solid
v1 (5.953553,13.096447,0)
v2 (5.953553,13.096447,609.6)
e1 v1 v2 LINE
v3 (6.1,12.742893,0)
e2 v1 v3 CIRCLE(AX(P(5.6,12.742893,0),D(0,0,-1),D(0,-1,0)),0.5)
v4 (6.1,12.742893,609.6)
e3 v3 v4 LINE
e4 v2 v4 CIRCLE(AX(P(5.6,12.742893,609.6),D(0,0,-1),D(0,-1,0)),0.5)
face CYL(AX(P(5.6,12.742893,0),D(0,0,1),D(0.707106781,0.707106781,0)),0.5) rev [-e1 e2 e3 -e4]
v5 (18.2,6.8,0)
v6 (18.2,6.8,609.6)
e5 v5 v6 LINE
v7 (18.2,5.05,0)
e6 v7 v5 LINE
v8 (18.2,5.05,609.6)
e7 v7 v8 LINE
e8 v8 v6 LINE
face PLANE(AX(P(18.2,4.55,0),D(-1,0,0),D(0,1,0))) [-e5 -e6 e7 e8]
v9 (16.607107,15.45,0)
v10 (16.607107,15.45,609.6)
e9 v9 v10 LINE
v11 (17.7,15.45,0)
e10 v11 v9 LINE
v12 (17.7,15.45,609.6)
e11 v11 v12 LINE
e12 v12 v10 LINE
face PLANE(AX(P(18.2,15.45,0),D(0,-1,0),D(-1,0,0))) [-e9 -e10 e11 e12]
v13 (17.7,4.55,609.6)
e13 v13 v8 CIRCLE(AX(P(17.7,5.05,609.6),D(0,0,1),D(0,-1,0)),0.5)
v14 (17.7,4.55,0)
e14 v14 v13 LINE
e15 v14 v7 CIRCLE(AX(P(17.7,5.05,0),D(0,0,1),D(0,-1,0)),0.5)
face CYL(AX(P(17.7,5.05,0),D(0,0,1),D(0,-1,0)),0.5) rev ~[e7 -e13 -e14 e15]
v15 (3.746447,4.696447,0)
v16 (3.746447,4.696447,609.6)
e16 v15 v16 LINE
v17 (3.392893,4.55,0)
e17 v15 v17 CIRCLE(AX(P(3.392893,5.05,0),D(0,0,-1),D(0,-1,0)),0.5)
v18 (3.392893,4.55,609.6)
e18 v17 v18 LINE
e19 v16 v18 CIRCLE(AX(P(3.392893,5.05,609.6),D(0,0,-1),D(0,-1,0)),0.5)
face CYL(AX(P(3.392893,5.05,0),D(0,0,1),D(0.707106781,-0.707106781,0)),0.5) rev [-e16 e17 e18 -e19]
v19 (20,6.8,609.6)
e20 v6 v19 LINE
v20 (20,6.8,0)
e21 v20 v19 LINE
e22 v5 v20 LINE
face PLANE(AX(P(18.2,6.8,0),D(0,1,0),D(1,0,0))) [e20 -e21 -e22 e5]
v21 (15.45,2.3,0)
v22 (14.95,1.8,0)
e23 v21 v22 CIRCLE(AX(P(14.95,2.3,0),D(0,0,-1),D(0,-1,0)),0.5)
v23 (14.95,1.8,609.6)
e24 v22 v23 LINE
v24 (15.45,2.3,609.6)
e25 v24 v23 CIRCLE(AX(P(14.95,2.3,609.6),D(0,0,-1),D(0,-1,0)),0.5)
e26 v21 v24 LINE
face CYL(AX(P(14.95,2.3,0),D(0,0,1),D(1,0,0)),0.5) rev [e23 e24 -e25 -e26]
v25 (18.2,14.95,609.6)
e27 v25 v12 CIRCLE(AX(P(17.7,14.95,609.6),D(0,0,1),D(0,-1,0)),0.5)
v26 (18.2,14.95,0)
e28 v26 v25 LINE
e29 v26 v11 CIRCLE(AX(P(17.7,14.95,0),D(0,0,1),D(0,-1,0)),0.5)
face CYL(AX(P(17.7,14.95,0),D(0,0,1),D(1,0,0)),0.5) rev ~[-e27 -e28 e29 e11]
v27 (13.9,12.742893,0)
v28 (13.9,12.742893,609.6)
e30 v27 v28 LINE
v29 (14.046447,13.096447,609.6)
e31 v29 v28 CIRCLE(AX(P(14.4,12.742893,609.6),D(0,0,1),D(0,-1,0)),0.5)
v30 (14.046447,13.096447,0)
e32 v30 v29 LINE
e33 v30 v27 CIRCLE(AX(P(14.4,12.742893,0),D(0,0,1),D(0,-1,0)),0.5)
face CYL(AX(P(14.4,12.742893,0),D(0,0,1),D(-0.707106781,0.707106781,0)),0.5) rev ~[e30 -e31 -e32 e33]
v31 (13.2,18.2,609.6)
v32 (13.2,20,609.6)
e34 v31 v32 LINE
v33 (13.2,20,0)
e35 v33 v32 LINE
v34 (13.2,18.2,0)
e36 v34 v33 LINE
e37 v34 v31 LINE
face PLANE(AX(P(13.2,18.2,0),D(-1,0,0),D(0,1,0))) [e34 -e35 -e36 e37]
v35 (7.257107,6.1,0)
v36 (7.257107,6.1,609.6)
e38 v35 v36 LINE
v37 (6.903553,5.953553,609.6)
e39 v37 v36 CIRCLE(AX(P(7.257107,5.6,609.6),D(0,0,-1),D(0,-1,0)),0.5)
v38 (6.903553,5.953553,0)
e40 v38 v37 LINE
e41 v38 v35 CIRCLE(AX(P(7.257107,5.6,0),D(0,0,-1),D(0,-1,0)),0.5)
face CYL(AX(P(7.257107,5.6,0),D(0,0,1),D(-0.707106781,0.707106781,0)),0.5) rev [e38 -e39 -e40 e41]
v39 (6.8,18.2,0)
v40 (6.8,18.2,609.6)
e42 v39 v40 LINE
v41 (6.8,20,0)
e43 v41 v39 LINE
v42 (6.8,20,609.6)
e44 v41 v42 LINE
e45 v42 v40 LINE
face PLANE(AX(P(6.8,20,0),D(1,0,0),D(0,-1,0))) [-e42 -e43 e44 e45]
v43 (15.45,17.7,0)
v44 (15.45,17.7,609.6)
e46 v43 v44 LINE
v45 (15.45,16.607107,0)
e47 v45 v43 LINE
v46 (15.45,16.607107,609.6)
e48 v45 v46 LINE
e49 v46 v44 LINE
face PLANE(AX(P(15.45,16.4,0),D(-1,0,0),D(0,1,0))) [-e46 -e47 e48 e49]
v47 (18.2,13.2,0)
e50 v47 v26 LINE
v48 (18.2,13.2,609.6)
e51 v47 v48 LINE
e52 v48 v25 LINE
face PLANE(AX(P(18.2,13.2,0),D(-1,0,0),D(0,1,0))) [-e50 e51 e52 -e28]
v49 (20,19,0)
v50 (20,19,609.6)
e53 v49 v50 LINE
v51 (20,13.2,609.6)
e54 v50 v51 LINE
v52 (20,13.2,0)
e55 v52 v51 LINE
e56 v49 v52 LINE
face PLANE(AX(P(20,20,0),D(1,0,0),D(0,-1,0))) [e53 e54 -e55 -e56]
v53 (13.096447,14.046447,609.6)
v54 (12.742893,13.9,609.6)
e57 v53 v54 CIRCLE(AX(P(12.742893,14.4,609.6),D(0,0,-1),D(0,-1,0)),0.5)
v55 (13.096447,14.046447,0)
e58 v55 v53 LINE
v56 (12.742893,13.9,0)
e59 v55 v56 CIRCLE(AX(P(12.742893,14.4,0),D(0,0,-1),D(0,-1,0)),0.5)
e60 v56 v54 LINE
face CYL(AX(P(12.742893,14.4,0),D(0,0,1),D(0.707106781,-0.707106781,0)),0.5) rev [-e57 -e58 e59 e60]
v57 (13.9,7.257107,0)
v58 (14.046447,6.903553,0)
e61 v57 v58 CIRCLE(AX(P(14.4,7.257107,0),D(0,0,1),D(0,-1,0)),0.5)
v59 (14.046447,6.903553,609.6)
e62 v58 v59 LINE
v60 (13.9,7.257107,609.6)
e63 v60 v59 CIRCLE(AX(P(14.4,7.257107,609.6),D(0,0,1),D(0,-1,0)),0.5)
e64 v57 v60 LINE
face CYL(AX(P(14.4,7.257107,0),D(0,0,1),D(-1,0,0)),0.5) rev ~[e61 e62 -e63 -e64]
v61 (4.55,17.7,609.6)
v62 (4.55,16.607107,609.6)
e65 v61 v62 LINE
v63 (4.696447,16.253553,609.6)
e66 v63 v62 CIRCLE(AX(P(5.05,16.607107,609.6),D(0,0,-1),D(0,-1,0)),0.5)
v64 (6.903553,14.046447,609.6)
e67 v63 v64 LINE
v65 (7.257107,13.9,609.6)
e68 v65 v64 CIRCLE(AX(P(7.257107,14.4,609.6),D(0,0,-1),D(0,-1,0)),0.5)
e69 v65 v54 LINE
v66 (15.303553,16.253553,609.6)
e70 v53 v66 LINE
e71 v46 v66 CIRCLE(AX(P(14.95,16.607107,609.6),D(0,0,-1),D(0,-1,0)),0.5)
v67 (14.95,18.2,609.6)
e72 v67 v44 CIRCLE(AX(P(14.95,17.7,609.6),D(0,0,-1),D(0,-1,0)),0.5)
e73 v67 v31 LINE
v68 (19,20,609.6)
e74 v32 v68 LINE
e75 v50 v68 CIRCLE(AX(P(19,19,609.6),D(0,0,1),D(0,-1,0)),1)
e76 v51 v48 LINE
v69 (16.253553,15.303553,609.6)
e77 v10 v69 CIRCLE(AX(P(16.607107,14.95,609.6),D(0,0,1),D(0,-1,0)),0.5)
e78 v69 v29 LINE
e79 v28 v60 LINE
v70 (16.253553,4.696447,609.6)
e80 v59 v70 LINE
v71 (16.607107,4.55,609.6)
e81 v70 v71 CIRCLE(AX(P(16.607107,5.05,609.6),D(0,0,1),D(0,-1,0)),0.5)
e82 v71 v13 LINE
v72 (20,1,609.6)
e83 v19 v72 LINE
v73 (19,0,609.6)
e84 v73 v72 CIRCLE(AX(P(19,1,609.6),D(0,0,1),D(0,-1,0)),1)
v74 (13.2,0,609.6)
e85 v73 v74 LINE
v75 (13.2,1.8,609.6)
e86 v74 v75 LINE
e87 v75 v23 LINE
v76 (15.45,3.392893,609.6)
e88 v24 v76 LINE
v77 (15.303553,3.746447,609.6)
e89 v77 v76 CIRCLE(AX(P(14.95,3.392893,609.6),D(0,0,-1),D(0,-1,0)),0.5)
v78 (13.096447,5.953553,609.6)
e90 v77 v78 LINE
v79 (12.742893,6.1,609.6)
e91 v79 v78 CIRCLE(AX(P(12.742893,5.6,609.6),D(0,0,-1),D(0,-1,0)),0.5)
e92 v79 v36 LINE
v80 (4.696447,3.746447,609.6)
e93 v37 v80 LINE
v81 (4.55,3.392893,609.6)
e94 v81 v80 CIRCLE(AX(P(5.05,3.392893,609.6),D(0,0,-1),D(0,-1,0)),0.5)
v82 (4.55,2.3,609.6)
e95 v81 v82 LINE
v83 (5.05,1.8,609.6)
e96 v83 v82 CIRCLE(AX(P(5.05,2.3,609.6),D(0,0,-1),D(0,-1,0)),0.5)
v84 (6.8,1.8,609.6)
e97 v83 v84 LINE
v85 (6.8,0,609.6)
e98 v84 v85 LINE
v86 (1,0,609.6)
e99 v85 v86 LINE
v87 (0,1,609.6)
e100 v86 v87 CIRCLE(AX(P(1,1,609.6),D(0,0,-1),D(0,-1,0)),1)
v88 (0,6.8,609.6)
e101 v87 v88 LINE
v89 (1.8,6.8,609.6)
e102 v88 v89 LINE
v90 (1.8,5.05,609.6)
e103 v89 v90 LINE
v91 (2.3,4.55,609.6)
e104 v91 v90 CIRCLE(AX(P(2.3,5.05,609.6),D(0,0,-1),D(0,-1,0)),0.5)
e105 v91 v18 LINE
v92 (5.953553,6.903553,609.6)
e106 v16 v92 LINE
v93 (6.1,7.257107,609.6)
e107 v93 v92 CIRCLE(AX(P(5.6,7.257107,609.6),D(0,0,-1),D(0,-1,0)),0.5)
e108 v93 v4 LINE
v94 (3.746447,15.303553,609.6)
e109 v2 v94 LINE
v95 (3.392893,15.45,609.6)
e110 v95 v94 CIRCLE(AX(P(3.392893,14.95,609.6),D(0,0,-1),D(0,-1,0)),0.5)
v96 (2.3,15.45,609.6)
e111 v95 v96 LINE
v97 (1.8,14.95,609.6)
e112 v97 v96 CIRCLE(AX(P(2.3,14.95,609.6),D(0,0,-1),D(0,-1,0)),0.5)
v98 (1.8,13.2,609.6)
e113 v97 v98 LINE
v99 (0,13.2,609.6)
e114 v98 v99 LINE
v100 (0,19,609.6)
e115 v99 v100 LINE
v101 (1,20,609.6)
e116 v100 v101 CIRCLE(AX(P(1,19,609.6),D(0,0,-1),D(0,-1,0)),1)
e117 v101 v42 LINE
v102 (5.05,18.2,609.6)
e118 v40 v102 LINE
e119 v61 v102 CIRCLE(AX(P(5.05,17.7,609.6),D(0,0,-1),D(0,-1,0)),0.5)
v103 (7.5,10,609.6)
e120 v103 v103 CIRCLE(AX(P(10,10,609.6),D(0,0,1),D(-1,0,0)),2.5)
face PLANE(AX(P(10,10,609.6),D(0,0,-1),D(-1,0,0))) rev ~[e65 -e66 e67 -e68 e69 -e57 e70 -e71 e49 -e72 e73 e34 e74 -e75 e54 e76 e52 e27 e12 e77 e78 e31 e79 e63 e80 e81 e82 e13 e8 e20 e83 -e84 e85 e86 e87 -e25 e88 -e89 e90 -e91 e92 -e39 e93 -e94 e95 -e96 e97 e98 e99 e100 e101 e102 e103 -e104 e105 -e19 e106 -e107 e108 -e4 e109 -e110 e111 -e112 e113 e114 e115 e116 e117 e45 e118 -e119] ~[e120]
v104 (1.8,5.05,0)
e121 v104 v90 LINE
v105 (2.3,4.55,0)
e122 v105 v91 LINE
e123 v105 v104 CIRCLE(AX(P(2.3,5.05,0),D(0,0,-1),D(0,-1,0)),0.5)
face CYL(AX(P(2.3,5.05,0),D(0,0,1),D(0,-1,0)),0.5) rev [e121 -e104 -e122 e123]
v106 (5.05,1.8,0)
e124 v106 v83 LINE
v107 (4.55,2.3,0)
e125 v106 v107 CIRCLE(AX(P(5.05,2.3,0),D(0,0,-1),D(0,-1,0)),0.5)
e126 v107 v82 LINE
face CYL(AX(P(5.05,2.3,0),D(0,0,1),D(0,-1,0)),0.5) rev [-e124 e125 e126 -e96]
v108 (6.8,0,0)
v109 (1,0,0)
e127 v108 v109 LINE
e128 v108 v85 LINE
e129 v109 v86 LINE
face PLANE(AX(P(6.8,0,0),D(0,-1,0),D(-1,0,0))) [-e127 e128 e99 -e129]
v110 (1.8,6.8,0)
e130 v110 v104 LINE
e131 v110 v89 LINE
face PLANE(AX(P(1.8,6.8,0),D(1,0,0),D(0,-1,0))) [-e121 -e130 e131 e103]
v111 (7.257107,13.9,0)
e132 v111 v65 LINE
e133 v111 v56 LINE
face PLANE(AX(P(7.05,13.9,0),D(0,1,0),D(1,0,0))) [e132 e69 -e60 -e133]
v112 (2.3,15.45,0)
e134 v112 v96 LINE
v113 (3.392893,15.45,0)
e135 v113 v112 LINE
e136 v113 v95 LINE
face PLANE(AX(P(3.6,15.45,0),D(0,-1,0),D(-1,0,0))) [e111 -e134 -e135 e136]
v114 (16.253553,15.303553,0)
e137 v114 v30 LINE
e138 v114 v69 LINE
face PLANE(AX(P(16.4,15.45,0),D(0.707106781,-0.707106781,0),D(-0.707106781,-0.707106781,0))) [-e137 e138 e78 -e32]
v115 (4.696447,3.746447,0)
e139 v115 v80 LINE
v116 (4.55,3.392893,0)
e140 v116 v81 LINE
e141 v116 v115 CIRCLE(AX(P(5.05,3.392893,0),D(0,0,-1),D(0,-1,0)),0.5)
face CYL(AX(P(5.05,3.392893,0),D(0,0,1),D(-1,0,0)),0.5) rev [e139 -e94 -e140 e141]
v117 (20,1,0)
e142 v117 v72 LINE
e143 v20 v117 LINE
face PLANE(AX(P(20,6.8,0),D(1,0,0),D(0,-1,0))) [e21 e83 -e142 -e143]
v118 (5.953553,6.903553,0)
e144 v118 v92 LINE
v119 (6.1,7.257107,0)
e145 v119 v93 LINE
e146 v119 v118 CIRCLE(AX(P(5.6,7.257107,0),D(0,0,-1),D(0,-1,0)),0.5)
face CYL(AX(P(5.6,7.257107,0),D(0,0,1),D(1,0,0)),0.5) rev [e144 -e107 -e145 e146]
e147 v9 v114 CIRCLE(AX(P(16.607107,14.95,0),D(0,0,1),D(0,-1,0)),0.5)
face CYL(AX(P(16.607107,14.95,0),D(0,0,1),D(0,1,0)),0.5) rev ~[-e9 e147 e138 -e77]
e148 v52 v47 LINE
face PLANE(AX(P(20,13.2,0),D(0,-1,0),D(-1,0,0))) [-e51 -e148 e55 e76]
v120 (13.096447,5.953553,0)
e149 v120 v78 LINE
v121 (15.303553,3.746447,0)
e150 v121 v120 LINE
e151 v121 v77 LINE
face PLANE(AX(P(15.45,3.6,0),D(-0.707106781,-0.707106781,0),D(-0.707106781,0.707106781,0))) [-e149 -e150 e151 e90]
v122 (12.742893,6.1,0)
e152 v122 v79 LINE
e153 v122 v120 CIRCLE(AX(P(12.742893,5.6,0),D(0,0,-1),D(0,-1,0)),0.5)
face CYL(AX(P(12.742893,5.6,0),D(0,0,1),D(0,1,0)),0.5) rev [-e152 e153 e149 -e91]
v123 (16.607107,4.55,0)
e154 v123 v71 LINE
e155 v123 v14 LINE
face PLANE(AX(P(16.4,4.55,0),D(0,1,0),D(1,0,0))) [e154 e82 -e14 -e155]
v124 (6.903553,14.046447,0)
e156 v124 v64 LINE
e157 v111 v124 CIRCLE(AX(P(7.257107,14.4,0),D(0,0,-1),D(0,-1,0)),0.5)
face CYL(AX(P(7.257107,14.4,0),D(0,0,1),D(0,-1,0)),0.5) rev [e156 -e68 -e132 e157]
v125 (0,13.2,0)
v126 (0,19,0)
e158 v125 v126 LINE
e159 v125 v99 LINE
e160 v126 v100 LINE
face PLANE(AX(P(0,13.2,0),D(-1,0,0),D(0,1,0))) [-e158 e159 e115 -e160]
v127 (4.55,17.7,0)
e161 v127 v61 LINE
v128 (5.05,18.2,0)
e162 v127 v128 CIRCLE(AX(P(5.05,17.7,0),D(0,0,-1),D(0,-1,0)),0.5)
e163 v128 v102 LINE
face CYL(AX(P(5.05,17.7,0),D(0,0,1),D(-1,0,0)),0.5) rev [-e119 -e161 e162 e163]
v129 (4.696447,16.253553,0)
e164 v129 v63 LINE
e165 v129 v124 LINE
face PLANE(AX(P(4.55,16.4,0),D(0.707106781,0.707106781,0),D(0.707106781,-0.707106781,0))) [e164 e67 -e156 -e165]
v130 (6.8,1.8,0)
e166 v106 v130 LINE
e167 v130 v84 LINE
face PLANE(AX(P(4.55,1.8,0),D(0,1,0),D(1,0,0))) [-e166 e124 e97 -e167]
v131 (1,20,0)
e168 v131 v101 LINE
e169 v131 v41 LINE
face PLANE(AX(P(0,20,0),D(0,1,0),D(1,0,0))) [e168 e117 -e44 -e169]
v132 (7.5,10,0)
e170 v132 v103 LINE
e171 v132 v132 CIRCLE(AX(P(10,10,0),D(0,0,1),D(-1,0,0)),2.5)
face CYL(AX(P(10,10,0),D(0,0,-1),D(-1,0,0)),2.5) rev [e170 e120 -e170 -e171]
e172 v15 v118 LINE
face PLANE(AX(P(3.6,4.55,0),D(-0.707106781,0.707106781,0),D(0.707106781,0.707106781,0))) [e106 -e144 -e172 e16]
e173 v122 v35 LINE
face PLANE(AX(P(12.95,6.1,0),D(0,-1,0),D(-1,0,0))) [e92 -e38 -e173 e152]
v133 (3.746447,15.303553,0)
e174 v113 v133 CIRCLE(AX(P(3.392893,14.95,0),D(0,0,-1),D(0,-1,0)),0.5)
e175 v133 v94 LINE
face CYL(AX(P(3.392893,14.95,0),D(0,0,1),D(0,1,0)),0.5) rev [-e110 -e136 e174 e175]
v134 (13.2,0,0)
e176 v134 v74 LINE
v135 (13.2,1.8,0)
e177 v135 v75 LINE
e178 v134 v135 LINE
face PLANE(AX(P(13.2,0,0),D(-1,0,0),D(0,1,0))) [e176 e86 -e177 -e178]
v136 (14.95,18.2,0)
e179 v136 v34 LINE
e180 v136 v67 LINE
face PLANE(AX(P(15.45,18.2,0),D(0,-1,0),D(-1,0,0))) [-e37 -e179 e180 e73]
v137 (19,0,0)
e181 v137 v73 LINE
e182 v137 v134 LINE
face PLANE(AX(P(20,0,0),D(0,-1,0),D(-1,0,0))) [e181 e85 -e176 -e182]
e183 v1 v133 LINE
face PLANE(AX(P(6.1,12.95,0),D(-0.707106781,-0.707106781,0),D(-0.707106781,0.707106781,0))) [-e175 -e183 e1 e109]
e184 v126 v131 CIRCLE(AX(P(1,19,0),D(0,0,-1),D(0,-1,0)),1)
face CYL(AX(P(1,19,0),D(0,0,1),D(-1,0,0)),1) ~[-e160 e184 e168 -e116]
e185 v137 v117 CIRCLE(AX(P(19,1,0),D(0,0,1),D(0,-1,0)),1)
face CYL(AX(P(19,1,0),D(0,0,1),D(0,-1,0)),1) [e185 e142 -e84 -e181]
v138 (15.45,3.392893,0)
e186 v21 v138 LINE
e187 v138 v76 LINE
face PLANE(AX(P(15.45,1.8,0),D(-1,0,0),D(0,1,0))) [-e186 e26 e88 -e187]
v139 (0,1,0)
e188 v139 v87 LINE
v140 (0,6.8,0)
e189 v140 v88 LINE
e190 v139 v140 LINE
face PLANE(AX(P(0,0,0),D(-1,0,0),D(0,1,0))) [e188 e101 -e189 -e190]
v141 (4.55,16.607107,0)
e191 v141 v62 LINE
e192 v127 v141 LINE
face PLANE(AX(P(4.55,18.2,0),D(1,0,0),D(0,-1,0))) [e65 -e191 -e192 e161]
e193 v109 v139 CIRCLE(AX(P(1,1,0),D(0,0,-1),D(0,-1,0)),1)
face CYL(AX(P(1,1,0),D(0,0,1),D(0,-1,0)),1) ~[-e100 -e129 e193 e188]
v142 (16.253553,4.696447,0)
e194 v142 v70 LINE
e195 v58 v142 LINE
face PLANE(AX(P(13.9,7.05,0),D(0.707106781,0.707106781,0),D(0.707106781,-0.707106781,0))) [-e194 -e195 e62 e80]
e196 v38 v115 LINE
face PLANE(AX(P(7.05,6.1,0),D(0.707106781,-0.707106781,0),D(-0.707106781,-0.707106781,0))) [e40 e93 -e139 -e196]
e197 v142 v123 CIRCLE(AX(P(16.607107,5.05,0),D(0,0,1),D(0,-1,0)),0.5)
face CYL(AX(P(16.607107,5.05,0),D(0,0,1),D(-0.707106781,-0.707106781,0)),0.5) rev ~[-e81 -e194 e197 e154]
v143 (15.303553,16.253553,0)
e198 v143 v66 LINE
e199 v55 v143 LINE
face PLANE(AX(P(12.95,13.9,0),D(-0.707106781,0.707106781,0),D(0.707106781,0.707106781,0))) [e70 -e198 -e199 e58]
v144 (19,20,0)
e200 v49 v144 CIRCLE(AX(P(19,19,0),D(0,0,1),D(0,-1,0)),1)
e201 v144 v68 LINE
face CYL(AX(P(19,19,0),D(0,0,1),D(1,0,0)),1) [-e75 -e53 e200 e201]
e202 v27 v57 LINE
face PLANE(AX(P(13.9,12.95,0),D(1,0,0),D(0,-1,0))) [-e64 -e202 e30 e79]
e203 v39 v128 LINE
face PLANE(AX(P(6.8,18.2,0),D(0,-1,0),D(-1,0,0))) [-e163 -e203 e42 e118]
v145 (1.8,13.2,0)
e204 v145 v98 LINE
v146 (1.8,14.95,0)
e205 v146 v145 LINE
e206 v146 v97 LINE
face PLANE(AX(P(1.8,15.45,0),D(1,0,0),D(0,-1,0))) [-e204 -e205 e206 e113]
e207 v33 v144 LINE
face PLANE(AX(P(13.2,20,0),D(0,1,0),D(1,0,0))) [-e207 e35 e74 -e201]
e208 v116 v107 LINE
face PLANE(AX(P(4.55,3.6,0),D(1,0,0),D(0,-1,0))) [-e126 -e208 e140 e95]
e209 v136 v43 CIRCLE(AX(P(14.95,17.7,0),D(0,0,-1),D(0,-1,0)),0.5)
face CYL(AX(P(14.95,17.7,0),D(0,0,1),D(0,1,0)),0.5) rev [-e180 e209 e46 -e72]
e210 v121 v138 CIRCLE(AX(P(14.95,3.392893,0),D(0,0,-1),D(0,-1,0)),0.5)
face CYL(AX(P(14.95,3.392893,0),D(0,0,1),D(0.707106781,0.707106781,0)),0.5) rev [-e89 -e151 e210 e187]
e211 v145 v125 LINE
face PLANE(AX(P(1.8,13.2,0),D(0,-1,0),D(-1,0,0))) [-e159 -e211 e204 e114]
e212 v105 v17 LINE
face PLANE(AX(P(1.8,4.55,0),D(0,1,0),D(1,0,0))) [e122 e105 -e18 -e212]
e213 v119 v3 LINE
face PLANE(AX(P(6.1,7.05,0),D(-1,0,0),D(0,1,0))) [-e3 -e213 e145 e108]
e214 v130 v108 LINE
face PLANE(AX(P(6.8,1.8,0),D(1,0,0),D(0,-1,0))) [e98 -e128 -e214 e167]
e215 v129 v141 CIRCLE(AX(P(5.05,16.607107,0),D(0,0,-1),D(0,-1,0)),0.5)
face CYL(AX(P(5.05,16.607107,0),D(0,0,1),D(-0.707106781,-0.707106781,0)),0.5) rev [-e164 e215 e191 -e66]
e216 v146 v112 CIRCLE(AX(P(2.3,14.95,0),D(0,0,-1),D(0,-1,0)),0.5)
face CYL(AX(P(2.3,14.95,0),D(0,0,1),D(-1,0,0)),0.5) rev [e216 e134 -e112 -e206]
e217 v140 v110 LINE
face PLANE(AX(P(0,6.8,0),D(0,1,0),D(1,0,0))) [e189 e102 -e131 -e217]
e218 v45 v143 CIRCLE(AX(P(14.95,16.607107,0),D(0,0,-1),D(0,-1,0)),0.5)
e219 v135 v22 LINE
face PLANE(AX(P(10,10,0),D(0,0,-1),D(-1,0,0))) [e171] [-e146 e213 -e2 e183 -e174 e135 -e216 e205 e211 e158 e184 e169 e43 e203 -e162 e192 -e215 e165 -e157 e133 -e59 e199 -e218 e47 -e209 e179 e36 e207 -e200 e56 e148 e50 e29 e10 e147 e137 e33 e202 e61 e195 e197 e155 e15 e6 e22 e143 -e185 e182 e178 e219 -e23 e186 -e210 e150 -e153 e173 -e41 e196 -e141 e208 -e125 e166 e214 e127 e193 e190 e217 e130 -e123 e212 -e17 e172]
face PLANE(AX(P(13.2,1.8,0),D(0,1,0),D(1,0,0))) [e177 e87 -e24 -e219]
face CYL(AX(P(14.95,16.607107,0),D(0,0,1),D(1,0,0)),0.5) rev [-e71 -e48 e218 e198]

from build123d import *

# Parameters (mm, degrees)
SKETCH1_R           = 2.5
BOSS_EXTRUDE1_DEPTH = 609.6
FILLET1_R           = 1
FILLET2_R           = 0.5
FILLET3_R           = 0.5
FILLET4_R           = 0.5
FILLET5_R           = 0.5


with BuildPart() as part:
    # Sketch1 → Boss-Extrude1 (new body)
    with BuildSketch(Plane.XY):
        Polygon((13.2, 0), (13.2, 1.8), (15.45, 1.8), (15.45, 3.6), (12.95, 6.1), (7.05, 6.1), (4.55, 3.6), (4.55, 1.8), (6.8, 1.8), (6.8, 0), (0, 0), (0, 6.8), (1.8, 6.8), (1.8, 4.55), (3.6, 4.55), (6.1, 7.05), (6.1, 12.95), (3.6, 15.45), (1.8, 15.45), (1.8, 13.2), (0, 13.2), (0, 20), (6.8, 20), (6.8, 18.2), (4.55, 18.2), (4.55, 16.4), (7.05, 13.9), (12.95, 13.9), (15.45, 16.4), (15.45, 18.2), (13.2, 18.2), (13.2, 20), (20, 20), (20, 13.2), (18.2, 13.2), (18.2, 15.45), (16.4, 15.45), (13.9, 12.95), (13.9, 7.05), (16.4, 4.55), (18.2, 4.55), (18.2, 6.8), (20, 6.8), (20, 0), align=None)
        with Locations(Location((10, 10, 0), (0, 0, 180))):
            Circle(SKETCH1_R, mode=Mode.SUBTRACT)
    extrude(amount=BOSS_EXTRUDE1_DEPTH)

    # Fillet1
    fillet1_edges = [part.edges().sort_by_distance(p)[0] for p in [
        (0, 0, 304.8),
        (0, 20, 304.8),
        (20, 20, 304.8),
        (20, 0, 304.8),
    ]]
    fillet(fillet1_edges, radius=FILLET1_R)

    # Fillet2
    fillet2_edges = [part.edges().sort_by_distance(p)[0] for p in [
        (4.55, 18.2, 304.8),
        (4.55, 16.4, 304.8),
        (7.05, 13.9, 304.8),
        (12.95, 13.9, 304.8),
        (15.45, 16.4, 304.8),
        (15.45, 18.2, 304.8),
    ]]
    fillet(fillet2_edges, radius=FILLET2_R)

    # Fillet3
    fillet3_edges = [part.edges().sort_by_distance(p)[0] for p in [
        (18.2, 15.45, 304.8),
        (16.4, 15.45, 304.8),
        (13.9, 12.95, 304.8),
        (13.9, 7.05, 304.8),
        (16.4, 4.55, 304.8),
        (18.2, 4.55, 304.8),
    ]]
    fillet(fillet3_edges, radius=FILLET3_R)

    # Fillet4
    fillet4_edges = [part.edges().sort_by_distance(p)[0] for p in [
        (1.8, 4.55, 304.8),
        (3.6, 4.55, 304.8),
        (6.1, 7.05, 304.8),
        (6.1, 12.95, 304.8),
        (3.6, 15.45, 304.8),
        (1.8, 15.45, 304.8),
    ]]
    fillet(fillet4_edges, radius=FILLET4_R)

    # Fillet5
    fillet5_edges = [part.edges().sort_by_distance(p)[0] for p in [
        (15.45, 1.8, 304.8),
        (15.45, 3.6, 304.8),
        (12.95, 6.1, 304.8),
        (7.05, 6.1, 304.8),
        (4.55, 3.6, 304.8),
        (4.55, 1.8, 304.8),
    ]]
    fillet(fillet5_edges, radius=FILLET5_R)


solid = part.part
